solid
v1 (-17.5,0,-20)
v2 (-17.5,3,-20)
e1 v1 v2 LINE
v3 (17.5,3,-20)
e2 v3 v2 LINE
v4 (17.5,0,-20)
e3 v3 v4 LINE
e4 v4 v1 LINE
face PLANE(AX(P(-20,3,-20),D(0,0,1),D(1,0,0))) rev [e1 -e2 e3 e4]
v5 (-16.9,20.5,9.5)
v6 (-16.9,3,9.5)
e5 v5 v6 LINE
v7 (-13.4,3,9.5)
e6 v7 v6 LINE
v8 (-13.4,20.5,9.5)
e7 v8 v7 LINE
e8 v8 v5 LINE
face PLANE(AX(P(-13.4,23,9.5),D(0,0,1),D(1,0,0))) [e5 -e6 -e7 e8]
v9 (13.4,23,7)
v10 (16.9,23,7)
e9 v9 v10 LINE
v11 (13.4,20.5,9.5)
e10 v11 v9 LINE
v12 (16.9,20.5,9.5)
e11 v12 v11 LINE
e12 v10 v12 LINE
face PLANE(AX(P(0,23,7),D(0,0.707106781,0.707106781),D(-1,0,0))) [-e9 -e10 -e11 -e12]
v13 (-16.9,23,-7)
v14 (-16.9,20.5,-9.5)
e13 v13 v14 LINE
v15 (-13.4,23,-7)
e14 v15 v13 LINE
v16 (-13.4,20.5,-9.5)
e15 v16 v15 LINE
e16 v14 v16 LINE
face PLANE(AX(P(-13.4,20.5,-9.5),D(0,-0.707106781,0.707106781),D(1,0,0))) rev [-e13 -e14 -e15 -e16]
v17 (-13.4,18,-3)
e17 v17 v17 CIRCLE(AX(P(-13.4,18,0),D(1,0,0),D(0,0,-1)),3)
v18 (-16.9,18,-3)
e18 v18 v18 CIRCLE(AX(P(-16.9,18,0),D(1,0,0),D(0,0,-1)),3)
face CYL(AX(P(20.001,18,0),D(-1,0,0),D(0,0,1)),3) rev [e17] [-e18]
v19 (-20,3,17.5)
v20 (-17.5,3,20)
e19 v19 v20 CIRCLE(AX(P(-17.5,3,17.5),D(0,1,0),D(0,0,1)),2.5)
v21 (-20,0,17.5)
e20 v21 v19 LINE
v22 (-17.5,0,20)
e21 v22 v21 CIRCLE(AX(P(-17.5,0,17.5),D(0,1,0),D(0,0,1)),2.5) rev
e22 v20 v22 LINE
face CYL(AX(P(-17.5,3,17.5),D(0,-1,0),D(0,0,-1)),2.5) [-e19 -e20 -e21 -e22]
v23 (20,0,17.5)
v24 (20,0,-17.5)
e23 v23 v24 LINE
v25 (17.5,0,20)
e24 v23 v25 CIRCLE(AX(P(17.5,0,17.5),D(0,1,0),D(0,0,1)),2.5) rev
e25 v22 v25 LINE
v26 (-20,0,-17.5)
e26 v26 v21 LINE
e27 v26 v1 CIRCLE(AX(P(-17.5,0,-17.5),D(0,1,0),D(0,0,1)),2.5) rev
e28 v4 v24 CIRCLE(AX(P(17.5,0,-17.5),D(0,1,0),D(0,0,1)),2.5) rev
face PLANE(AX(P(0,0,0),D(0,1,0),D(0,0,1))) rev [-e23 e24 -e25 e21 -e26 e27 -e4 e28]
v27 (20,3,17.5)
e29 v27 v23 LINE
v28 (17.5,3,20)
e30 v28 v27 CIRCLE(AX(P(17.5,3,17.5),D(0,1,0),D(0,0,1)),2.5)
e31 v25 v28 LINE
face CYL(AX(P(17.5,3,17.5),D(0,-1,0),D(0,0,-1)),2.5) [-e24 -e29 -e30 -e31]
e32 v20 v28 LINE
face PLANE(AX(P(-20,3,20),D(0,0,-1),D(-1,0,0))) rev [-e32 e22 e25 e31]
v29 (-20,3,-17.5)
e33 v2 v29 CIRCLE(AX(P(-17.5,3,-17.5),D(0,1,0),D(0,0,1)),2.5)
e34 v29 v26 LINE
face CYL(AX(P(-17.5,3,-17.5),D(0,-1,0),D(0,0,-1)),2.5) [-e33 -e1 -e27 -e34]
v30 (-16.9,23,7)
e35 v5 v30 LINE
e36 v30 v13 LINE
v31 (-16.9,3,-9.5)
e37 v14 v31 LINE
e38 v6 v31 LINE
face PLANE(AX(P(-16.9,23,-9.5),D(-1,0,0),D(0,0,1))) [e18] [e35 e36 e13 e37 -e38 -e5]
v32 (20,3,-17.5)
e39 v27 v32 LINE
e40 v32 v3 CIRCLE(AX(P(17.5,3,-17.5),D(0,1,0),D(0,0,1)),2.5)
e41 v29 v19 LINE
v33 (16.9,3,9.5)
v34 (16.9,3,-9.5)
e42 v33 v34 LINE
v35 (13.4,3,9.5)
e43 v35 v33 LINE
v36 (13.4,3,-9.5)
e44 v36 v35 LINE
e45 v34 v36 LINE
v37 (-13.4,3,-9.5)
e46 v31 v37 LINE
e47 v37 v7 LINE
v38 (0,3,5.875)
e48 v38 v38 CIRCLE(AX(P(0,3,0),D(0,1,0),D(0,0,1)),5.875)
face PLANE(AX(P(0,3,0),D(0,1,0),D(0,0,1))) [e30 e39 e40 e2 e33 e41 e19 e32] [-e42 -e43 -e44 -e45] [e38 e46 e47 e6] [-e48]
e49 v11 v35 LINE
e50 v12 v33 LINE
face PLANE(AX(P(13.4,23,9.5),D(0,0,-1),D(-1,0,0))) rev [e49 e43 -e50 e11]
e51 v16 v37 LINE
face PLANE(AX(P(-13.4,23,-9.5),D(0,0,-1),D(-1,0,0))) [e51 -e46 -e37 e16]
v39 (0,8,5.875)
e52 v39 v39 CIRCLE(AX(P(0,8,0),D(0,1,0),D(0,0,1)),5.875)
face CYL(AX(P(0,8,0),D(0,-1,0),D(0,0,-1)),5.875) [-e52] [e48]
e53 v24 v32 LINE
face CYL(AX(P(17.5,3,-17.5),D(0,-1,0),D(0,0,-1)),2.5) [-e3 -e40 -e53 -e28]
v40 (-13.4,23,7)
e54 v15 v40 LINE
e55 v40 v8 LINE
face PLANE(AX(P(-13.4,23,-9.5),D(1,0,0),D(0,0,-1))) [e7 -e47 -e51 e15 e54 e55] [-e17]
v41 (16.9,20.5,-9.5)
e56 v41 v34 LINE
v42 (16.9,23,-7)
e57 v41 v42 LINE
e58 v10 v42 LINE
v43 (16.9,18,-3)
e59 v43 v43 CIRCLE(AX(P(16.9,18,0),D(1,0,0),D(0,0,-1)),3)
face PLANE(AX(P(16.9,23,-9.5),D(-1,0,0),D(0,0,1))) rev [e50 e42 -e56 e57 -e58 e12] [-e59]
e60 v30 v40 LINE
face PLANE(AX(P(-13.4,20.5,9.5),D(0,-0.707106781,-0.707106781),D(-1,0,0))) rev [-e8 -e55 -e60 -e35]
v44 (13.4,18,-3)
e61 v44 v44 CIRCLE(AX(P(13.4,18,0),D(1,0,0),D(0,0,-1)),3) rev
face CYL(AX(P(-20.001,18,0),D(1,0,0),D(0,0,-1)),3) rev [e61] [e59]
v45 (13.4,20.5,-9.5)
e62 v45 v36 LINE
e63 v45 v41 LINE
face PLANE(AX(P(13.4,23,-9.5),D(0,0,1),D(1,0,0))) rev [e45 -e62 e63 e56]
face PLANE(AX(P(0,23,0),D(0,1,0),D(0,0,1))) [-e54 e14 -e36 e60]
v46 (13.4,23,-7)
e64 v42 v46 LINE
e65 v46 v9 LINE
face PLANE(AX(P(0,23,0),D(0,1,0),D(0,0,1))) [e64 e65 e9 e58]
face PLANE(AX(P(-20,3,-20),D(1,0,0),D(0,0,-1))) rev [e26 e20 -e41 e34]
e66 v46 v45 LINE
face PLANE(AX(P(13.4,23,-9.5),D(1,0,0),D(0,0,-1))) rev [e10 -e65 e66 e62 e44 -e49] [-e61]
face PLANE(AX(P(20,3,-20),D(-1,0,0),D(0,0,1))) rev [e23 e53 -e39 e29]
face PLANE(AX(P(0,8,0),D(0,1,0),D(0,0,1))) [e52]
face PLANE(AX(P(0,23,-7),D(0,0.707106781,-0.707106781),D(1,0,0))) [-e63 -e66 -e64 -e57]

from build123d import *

# Parameters (mm, degrees)
SKETCH1_W           = 40
SKETCH1_H           = 40
BOSS_EXTRUDE1_DEPTH = 3
SKETCH2_R           = 5.875
BOSS_EXTRUDE2_DEPTH = 5
SKETCH3_W           = 3.5
SKETCH3_H           = 19
BOSS_EXTRUDE3_DEPTH = 20
SKETCH4_R           = 3
CUT_EXTRUDE1_DEPTH  = 3.5
FILLET1_R           = 2.5
CHAMFER1_SIZE       = 2.5


with BuildPart() as part:
    # Sketch1 → Boss-Extrude1 (new body)
    with BuildSketch(Plane(origin=(0, 0, 0), x_dir=(1, 0, 0), z_dir=(0, 1, 0))):
        Rectangle(SKETCH1_W, SKETCH1_H)
    extrude(amount=BOSS_EXTRUDE1_DEPTH)

    # Sketch2 → Boss-Extrude2 (add)
    with BuildSketch(Plane(origin=(0, 3, 0), x_dir=(1, 0, 0), z_dir=(0, 1, 0))):
        Circle(SKETCH2_R)
    extrude(amount=BOSS_EXTRUDE2_DEPTH)

    # Sketch3 → Boss-Extrude3 (add)
    with BuildSketch(Plane(origin=(0, 3, 0), x_dir=(1, 0, 0), z_dir=(0, 1, 0))):
        with Locations((15.15, 0)):
            Rectangle(SKETCH3_W, SKETCH3_H)
    boss_extrude3 = extrude(amount=BOSS_EXTRUDE3_DEPTH)

    # Sketch4 → Cut-Extrude1 (cut)
    with BuildSketch(Plane(origin=(16.9, 0, 0), x_dir=(0, 0, -1), z_dir=(1, 0, 0))):
        with Locations((0, 18)):
            Circle(SKETCH4_R)
    cut_extrude1 = extrude(amount=-CUT_EXTRUDE1_DEPTH, mode=Mode.SUBTRACT)

    # Fillet1
    fillet1_edges = [part.edges().sort_by_distance(p)[0] for p in [
        (20, 1.5, 20),
        (-20, 1.5, 20),
        (-20, 1.5, -20),
        (20, 1.5, -20),
    ]]
    fillet(fillet1_edges, radius=FILLET1_R)

    # Mirror1: Boss-Extrude3, Cut-Extrude1 across plane
    add(boss_extrude3.mirror(Plane(origin=(0, 0, 0), x_dir=(0, 0, 1), z_dir=(1, 0, 0))))
    add(cut_extrude1.mirror(Plane(origin=(0, 0, 0), x_dir=(0, 0, 1), z_dir=(1, 0, 0))), mode=Mode.SUBTRACT)

    # Chamfer1
    chamfer1_edges = [part.edges().sort_by_distance(p)[0] for p in [
        (15.15, 23, -9.5),
        (15.15, 23, 9.5),
        (-15.15, 23, 9.5),
        (-15.15, 23, -9.5),
    ]]
    chamfer(chamfer1_edges, length=CHAMFER1_SIZE)


solid = part.part
